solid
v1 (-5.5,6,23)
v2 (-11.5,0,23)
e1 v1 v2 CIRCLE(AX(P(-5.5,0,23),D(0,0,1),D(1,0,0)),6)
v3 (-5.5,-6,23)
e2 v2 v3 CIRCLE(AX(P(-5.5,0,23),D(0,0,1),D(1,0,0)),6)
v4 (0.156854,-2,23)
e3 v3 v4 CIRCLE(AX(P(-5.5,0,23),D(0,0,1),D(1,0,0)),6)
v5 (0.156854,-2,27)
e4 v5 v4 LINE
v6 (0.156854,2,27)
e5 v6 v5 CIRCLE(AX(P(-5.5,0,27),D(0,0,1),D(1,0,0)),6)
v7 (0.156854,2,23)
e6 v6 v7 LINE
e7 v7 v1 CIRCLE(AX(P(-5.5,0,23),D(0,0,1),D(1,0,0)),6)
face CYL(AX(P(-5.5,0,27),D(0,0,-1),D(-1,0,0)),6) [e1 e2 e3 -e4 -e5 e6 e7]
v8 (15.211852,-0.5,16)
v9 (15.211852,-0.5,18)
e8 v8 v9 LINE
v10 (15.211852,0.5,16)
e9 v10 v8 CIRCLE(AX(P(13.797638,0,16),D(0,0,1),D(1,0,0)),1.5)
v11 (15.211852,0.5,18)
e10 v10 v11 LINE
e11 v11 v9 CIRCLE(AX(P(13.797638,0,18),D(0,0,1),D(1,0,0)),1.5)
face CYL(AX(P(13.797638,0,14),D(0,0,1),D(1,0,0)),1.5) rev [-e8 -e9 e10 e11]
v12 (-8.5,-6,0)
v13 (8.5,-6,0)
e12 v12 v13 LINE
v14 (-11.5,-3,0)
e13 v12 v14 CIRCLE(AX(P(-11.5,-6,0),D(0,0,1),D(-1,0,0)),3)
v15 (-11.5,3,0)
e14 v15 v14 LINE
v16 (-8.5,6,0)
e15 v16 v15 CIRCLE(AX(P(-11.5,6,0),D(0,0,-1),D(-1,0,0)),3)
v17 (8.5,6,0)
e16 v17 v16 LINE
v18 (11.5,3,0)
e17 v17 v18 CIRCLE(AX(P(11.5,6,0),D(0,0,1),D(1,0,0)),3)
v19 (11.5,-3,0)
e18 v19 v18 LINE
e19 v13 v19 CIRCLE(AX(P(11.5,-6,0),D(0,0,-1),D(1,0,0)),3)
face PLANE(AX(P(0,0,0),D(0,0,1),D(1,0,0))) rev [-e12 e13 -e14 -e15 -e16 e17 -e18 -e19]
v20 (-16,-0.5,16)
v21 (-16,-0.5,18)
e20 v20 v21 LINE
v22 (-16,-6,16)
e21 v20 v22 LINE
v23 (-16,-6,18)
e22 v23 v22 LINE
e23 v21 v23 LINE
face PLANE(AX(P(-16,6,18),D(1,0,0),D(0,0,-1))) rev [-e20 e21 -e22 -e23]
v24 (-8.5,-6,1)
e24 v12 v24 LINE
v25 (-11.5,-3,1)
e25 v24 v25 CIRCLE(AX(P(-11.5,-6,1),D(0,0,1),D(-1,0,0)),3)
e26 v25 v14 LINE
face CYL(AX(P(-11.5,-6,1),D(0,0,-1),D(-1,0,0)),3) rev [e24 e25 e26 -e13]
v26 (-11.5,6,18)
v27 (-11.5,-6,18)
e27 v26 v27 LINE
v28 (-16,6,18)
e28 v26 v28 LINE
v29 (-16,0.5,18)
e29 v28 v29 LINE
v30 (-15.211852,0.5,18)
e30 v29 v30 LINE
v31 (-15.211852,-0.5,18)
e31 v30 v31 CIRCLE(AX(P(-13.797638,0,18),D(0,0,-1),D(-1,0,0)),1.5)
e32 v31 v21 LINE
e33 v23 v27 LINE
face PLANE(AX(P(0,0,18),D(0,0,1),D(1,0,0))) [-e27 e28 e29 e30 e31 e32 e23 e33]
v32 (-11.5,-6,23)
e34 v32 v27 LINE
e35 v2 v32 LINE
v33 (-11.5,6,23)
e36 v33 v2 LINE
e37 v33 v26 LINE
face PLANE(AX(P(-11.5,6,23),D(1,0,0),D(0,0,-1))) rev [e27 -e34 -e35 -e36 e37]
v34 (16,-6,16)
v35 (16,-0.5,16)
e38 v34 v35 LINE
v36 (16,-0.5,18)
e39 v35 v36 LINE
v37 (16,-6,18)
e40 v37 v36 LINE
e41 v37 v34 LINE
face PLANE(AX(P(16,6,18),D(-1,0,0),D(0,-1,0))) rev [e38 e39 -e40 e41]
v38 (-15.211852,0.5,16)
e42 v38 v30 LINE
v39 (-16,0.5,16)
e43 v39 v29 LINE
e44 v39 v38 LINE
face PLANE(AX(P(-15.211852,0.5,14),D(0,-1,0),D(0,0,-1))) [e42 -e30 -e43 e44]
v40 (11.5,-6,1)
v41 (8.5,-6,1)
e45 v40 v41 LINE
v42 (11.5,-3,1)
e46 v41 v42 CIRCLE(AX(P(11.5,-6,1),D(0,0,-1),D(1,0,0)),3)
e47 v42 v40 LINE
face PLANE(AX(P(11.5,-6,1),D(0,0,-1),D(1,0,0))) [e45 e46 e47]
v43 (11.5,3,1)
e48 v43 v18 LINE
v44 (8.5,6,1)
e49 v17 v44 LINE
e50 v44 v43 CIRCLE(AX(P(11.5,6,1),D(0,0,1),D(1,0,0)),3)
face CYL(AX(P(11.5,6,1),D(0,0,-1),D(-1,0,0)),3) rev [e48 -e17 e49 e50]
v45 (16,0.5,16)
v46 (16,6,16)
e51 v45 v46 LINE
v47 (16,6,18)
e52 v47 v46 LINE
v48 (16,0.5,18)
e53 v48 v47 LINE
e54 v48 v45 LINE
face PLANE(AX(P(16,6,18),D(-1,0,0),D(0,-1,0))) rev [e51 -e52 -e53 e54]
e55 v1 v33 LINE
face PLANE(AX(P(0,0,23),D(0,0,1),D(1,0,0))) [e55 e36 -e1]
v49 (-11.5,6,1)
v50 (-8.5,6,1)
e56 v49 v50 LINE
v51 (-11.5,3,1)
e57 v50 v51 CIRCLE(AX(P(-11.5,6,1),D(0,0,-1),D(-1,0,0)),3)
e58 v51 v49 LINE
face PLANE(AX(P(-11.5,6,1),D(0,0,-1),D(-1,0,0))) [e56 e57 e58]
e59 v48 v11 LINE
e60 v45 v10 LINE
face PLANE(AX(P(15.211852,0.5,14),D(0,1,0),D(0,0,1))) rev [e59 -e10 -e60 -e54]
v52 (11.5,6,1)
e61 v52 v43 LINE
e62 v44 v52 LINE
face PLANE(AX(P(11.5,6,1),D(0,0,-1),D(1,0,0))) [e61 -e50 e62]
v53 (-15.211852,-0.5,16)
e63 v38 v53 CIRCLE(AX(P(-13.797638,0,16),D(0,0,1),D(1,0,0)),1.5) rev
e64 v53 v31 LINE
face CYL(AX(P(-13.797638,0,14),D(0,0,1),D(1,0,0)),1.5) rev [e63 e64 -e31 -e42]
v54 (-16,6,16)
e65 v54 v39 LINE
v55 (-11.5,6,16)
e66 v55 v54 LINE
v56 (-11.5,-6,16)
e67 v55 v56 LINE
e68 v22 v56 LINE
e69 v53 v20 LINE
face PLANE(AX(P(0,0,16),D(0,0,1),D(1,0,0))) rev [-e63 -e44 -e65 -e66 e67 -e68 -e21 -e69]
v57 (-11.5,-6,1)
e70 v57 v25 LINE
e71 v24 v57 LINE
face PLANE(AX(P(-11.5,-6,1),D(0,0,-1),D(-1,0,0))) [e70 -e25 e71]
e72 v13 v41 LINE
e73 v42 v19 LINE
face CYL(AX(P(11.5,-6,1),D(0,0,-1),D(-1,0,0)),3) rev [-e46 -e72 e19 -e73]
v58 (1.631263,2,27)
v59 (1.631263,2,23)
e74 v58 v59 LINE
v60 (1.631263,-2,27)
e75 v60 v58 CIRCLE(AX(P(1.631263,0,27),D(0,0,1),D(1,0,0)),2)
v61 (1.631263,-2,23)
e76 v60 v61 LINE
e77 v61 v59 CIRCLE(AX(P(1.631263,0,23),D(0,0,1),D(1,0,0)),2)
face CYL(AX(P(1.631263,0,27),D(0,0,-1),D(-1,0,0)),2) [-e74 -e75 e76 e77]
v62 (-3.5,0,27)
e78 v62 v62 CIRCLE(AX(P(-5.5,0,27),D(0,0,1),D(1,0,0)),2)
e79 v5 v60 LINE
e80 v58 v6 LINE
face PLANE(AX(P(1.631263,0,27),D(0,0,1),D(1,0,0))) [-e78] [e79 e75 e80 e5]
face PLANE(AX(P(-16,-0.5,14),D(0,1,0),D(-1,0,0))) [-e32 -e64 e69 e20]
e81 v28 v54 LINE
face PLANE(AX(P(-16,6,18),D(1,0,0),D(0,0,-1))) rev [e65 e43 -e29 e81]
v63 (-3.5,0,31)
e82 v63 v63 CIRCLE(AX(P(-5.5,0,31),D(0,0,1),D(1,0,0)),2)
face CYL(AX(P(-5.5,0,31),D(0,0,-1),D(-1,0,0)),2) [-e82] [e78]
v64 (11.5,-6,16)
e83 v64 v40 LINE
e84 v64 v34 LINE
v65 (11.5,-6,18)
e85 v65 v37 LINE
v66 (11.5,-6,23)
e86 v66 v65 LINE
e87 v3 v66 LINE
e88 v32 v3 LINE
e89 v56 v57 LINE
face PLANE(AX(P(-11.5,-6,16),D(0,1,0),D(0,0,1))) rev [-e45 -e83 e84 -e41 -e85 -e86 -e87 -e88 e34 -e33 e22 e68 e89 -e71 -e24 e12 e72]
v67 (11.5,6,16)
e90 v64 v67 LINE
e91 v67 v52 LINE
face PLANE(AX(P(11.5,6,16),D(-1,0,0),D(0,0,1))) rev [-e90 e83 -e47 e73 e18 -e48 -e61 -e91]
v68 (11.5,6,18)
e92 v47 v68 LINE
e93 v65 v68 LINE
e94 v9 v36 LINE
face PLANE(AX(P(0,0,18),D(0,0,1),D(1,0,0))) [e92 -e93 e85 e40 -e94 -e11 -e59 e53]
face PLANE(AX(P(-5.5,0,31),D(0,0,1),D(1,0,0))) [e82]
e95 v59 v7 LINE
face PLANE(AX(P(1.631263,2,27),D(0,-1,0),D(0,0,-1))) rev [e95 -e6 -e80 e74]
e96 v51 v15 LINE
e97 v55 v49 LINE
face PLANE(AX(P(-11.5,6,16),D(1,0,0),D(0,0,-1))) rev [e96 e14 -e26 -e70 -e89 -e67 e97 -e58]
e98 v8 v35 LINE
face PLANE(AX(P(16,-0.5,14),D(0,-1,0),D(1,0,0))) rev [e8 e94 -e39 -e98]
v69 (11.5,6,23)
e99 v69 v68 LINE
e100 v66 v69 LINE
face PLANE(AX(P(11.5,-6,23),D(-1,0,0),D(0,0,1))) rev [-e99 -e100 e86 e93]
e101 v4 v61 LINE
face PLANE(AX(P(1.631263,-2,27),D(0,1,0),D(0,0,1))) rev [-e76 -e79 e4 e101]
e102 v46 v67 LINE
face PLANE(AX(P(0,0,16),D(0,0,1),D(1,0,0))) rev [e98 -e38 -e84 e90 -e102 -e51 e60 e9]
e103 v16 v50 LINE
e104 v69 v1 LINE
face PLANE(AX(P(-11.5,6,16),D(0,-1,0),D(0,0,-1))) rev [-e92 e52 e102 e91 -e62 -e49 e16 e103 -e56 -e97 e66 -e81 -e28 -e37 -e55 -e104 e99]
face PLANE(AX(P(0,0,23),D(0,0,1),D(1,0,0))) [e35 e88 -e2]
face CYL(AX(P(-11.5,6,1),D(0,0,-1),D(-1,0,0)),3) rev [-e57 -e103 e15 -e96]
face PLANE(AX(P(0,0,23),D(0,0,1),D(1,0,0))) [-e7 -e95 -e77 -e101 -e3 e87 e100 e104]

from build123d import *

# Parameters (mm, degrees)
SKETCH_1_W               = 23
SKETCH_1_H               = 12
EXTRUDE_1_DEPTH          = 16
SKETCH_2_W               = 32
SKETCH_2_H               = 12
EXTRUDE_2_DEPTH          = 2
SKETCH_3_W               = 23
SKETCH_3_H               = 12
EXTRUDE_3_DEPTH          = 5
EXTRUDE_4_DEPTH          = 4
SKETCH_6_R               = 2
EXTRUDE_5_DEPTH          = 4
CUT_EXTRUDE_1_DEPTH      = 4
SKETCH_9_R               = 3
CUT_EXTRUDE_2_DEPTH      = 1
MIRROR_3_COPY_1_SKETCH_R = 3
MIRROR_3_COPY_1_DEPTH    = 1


with BuildPart() as part:
    # 草图1 → 凸台-拉伸1 (new body)
    with BuildSketch(Plane.XY):
        Rectangle(SKETCH_1_W, SKETCH_1_H)
    extrude(amount=EXTRUDE_1_DEPTH)

    # 草图2 → 凸台-拉伸2 (add)
    with BuildSketch(Plane.XY.offset(16)):
        Rectangle(SKETCH_2_W, SKETCH_2_H)
    extrude(amount=EXTRUDE_2_DEPTH)

    # 草图3 → 凸台-拉伸3 (add)
    with BuildSketch(Plane.XY.offset(18)):
        Rectangle(SKETCH_3_W, SKETCH_3_H)
    extrude(amount=EXTRUDE_3_DEPTH)

    # 草图4 → 凸台-拉伸4 (add)
    with BuildSketch(Plane.XY.offset(23)):
        with BuildLine():
            Line((1.631262932, 2), (0.156854249, 2))
            ThreePointArc((0.156854249, 2), (-11.5, 0), (0.156854249, -2))
            Line((0.156854249, -2), (1.631262932, -2))
            ThreePointArc((1.631262932, -2), (3.631262932, 0), (1.631262932, 2))
        make_face()
    extrude(amount=EXTRUDE_4_DEPTH)

    # 草图6 → 凸台-拉伸5 (add)
    with BuildSketch(Plane.XY.offset(27)):
        with Locations((-5.5, 0)):
            Circle(SKETCH_6_R)
    extrude(amount=EXTRUDE_5_DEPTH)

    # 草图8 → 切除-拉伸1 (cut)
    with BuildSketch(Plane.XY.offset(18)):
        with BuildLine():
            Line((15.211851697, 0.5), (16, 0.5))
            Line((16, 0.5), (16, -0.5))
            Line((16, -0.5), (15.211851697, -0.5))
            ThreePointArc((15.211851697, -0.5), (12.297638134, 0), (15.211851697, 0.5))
        make_face()
    cut_extrude_1 = extrude(amount=-CUT_EXTRUDE_1_DEPTH, mode=Mode.SUBTRACT)

    # 镜向1: 切除-拉伸1 across plane
    add(cut_extrude_1.mirror(Plane(origin=(0, 0, 0), x_dir=(0, 0, 1), z_dir=(1, 0, 0))), mode=Mode.SUBTRACT)

    # 草图9 → 切除-拉伸2 (cut)
    with BuildSketch(Plane(origin=(0, 0, 0), x_dir=(-1, 0, 0), z_dir=(0, 0, -1))):
        with Locations((11.5, 6)):
            Circle(SKETCH_9_R)
    cut_extrude_2 = extrude(amount=-CUT_EXTRUDE_2_DEPTH, mode=Mode.SUBTRACT)

    # 镜向2: 切除-拉伸2 across plane
    add(cut_extrude_2.mirror(Plane(origin=(0, 0, 0), x_dir=(0, 0, 1), z_dir=(1, 0, 0))), mode=Mode.SUBTRACT)

    # 镜向3: 切除-拉伸2 across plane
    add(cut_extrude_2.mirror(Plane.ZX), mode=Mode.SUBTRACT)

    # 镜向3 copy 1 sketch → 镜向3 copy 1 (cut)
    with BuildSketch(Plane(origin=(0, 0, 0), x_dir=(1, 0, 0), z_dir=(0, 0, -1))):
        with Locations((11.5, 6)):
            Circle(MIRROR_3_COPY_1_SKETCH_R)
    extrude(amount=-MIRROR_3_COPY_1_DEPTH, mode=Mode.SUBTRACT)


solid = part.part
